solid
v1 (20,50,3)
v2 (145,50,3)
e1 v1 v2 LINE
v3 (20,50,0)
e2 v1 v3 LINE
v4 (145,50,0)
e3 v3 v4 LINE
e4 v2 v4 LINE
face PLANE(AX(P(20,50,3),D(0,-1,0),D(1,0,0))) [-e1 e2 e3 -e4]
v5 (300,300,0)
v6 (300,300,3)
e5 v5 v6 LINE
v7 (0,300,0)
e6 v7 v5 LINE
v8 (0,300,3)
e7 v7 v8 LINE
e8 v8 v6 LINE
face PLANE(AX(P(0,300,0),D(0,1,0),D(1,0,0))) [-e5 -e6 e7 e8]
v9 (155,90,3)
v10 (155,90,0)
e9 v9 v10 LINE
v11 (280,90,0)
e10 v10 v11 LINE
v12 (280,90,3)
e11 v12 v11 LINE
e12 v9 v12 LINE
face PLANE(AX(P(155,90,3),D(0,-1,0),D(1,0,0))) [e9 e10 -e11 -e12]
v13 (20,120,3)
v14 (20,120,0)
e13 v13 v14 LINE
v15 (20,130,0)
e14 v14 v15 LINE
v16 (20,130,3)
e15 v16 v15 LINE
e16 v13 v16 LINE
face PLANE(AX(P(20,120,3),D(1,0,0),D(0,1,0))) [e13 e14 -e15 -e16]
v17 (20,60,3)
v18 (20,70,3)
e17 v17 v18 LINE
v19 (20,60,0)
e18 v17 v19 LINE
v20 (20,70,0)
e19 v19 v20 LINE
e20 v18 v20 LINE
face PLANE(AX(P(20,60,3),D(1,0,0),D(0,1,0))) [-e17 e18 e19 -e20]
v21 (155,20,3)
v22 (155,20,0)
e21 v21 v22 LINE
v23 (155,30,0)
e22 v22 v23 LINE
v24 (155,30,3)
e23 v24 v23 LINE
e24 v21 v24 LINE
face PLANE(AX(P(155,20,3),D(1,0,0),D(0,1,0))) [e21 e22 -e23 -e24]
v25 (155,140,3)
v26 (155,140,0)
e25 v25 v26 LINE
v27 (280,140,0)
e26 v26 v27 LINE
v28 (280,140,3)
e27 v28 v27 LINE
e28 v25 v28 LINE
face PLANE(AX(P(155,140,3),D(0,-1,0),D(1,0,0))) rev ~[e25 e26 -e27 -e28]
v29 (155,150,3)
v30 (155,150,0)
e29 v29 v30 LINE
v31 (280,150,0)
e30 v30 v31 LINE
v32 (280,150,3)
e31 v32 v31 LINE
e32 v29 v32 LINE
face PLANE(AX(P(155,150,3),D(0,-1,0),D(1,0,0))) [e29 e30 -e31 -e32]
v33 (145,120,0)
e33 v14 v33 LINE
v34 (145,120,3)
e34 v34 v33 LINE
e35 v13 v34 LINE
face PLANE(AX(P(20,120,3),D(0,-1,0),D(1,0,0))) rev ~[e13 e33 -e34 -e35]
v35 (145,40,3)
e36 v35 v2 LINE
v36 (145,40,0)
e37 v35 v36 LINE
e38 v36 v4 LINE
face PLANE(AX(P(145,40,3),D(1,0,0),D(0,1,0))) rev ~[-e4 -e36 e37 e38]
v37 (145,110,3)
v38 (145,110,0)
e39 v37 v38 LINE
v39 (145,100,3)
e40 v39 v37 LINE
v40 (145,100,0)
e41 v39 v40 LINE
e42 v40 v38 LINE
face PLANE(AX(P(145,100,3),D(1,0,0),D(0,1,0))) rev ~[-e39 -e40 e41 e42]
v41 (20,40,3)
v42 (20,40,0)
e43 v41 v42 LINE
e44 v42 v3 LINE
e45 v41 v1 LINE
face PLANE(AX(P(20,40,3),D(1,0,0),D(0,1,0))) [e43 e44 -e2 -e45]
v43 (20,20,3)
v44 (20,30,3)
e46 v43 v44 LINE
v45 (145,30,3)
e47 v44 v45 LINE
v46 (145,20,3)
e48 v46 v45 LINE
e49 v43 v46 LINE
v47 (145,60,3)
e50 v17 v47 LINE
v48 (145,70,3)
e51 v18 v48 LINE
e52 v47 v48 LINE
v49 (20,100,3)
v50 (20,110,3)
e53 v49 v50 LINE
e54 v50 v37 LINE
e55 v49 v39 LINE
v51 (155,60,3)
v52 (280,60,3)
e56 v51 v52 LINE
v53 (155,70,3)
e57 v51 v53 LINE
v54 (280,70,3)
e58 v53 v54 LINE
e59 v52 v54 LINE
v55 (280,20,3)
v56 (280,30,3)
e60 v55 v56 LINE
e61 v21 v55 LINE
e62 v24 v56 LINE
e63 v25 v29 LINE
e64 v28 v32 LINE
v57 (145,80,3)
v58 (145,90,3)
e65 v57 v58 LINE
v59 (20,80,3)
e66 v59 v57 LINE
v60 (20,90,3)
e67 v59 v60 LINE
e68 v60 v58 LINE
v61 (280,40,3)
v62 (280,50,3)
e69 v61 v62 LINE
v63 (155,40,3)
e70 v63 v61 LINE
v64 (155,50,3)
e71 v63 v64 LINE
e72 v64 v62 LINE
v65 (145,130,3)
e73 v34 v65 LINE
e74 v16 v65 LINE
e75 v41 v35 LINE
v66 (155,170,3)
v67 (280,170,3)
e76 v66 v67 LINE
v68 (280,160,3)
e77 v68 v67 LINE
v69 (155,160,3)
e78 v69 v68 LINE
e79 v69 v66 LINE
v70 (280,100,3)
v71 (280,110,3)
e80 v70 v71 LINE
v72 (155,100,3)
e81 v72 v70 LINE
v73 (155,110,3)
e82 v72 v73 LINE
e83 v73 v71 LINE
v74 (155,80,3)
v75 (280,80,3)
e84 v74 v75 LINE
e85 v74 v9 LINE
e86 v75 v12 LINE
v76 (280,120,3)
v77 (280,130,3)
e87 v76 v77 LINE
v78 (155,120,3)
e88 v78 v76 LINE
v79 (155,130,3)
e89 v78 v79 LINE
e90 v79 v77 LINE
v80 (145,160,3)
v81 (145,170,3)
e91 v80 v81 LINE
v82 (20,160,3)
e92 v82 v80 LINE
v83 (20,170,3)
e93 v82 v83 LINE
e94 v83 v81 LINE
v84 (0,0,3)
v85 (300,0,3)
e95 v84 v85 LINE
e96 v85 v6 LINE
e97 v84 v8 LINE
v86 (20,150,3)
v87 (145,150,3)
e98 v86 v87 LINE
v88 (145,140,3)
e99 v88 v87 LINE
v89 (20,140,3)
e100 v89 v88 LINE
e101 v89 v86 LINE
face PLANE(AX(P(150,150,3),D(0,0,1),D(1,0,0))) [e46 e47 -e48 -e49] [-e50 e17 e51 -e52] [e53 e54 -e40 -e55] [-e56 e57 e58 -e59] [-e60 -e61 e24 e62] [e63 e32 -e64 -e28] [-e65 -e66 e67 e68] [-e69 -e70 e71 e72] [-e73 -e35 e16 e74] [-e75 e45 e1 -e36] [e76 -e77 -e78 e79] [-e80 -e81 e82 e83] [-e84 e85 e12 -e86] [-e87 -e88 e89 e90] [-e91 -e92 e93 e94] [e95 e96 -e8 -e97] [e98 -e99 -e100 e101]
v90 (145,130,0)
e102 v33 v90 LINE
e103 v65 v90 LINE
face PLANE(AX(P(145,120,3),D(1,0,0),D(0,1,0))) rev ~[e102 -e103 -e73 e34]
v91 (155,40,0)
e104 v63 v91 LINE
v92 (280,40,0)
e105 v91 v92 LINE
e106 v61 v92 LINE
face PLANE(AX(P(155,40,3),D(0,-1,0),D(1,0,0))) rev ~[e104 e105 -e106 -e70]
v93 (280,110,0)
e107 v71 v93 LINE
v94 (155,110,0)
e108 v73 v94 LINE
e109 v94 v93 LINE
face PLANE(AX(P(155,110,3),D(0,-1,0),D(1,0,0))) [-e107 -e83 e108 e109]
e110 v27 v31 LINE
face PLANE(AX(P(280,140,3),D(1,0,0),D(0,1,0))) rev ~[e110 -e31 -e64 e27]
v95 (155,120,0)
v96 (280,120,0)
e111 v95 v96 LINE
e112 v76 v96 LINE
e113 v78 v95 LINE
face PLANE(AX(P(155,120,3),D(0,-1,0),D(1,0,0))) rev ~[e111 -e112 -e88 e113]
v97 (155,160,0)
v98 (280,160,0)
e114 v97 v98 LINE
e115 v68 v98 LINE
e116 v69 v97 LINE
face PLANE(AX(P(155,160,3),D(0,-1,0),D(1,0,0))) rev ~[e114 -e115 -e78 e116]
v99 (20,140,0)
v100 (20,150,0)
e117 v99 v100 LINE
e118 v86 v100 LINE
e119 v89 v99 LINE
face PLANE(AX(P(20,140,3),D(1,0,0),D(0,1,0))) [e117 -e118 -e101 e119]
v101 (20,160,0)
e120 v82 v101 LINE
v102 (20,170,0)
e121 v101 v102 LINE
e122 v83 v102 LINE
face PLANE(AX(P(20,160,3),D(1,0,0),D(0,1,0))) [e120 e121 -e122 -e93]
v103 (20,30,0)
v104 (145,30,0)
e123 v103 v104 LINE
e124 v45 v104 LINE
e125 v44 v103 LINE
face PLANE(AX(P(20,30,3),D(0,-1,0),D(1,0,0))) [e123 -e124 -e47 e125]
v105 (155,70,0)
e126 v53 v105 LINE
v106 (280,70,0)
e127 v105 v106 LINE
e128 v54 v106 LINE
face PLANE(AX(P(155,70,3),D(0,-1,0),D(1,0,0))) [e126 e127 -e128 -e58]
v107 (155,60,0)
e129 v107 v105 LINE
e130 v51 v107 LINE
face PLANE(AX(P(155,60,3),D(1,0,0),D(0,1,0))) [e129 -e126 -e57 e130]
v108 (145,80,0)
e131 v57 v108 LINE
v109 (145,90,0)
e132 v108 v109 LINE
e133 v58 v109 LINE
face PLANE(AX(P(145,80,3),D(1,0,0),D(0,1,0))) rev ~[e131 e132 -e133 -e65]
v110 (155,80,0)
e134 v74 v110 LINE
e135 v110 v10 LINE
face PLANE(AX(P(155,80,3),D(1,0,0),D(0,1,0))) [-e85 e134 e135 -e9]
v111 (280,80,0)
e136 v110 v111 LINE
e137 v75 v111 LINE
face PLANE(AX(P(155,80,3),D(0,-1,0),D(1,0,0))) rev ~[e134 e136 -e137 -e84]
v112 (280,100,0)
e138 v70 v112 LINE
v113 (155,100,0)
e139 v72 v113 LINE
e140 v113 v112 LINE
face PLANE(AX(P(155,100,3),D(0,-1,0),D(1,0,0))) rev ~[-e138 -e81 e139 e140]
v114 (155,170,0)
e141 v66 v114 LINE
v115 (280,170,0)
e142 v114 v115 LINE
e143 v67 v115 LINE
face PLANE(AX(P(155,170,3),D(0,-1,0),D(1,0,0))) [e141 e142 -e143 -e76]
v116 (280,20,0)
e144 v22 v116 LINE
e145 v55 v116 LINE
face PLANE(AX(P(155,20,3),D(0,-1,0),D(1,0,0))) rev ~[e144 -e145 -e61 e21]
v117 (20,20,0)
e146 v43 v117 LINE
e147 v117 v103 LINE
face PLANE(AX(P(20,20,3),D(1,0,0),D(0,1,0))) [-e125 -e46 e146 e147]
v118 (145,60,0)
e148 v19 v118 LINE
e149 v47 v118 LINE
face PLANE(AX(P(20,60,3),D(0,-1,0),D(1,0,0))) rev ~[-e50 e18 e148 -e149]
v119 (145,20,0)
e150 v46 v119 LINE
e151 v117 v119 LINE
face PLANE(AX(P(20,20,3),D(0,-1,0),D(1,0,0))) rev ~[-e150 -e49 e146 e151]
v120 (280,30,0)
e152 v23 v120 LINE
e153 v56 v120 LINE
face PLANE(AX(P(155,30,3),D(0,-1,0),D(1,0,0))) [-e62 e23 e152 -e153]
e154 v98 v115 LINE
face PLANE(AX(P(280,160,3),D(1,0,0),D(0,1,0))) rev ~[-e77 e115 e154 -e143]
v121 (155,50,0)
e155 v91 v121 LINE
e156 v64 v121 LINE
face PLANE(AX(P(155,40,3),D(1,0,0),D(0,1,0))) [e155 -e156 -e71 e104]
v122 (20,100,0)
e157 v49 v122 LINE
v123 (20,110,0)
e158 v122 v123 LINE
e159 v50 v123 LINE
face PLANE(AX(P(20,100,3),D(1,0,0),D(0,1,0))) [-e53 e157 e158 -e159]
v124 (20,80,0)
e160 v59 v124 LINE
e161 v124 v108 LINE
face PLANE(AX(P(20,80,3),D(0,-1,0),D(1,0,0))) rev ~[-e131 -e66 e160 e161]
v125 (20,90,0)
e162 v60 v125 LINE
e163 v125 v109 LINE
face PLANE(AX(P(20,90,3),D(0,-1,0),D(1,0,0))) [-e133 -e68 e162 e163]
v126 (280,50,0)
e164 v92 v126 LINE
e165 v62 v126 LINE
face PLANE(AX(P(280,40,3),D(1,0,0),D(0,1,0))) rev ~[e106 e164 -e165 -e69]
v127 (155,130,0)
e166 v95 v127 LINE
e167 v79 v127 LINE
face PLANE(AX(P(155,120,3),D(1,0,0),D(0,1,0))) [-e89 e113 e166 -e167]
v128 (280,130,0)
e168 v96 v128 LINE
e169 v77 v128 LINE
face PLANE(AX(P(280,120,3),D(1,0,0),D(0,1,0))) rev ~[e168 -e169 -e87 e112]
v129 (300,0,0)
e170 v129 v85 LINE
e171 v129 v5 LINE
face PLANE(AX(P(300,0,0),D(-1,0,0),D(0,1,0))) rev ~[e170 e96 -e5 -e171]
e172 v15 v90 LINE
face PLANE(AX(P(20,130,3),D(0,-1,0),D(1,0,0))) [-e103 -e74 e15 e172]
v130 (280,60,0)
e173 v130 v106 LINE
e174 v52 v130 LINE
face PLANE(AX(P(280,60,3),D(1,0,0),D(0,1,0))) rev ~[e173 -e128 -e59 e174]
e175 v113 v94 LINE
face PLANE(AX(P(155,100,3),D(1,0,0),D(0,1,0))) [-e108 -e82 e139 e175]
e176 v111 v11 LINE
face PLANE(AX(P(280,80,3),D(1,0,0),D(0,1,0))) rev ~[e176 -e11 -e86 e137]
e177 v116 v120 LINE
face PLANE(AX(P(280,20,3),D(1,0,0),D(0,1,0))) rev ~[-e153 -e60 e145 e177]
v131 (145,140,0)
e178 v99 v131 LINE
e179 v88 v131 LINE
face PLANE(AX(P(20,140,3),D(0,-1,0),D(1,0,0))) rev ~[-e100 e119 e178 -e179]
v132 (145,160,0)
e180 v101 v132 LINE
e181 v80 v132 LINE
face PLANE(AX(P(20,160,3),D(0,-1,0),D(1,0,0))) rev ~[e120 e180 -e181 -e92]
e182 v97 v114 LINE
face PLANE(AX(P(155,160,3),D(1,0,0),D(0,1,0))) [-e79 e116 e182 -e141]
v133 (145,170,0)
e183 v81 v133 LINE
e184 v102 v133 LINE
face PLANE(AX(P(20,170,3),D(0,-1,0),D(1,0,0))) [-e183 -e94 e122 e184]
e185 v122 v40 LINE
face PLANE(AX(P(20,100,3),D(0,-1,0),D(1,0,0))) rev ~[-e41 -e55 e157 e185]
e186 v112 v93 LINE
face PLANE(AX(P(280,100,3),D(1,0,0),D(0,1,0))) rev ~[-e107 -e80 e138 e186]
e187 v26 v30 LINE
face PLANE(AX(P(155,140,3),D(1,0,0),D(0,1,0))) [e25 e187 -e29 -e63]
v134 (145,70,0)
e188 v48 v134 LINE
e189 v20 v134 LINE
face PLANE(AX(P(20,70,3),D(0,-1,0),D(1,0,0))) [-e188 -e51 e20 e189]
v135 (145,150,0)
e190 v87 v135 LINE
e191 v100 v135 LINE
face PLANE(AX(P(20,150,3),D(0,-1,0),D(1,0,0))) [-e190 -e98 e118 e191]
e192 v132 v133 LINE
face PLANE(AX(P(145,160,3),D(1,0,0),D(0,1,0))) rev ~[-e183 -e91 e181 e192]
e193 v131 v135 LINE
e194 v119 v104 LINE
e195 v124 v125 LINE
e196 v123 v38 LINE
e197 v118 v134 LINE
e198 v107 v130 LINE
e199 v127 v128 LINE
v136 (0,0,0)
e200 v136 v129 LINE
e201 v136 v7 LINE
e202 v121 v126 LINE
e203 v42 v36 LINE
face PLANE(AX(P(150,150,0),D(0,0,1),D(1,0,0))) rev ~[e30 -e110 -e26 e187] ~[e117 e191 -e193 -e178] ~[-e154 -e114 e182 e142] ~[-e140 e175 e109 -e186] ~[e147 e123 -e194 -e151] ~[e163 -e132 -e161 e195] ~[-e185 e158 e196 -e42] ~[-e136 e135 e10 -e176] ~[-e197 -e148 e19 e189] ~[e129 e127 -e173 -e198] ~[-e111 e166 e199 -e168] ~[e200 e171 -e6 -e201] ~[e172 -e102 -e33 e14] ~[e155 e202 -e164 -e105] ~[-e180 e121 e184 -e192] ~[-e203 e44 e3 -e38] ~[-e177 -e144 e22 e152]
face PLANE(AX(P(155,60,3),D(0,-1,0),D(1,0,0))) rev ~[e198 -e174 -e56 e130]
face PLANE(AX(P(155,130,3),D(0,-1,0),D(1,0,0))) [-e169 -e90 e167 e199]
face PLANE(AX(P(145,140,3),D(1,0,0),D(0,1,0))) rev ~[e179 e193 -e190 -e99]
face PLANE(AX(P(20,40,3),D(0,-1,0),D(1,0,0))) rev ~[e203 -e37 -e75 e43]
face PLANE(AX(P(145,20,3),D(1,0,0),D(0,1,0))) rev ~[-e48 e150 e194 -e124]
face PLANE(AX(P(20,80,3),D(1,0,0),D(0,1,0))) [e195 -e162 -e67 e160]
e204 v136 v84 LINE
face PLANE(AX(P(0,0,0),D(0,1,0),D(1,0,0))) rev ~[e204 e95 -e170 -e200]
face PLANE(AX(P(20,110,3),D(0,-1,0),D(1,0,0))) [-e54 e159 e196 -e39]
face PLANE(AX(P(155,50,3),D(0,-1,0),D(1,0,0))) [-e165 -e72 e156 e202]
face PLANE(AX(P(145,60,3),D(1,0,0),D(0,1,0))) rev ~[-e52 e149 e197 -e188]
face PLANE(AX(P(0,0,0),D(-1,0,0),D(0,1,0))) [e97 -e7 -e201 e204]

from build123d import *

# Parameters (mm, degrees)
CROQUIS1_W              = 300
CROQUIS1_H              = 300
SALIENTE_EXTRUIR1_DEPTH = 3
CROQUIS2_W              = 125
CROQUIS2_H              = 10
CORTAR_EXTRUIR1_DEPTH   = 10


with BuildPart() as part:
    # Croquis1 → Saliente-Extruir1 (new body)
    with BuildSketch(Plane.XY):
        with Locations((150, 150)):
            Rectangle(CROQUIS1_W, CROQUIS1_H)
    extrude(amount=SALIENTE_EXTRUIR1_DEPTH)

    # Croquis2 → Cortar-Extruir1 (cut)
    with BuildSketch(Plane.XY.offset(3)):
        with Locations((82.5, 25)):
            Rectangle(CROQUIS2_W, CROQUIS2_H)
        with Locations((82.5, 165)):
            Rectangle(CROQUIS2_W, CROQUIS2_H)
        with Locations((82.5, 145)):
            Rectangle(CROQUIS2_W, CROQUIS2_H)
        with Locations((82.5, 125)):
            Rectangle(CROQUIS2_W, CROQUIS2_H)
        with Locations((82.5, 105)):
            Rectangle(CROQUIS2_W, CROQUIS2_H)
        with Locations((82.5, 85)):
            Rectangle(CROQUIS2_W, CROQUIS2_H)
        with Locations((82.5, 65)):
            Rectangle(CROQUIS2_W, CROQUIS2_H)
        with Locations((82.5, 45)):
            Rectangle(CROQUIS2_W, CROQUIS2_H)
        with Locations((217.5, 25)):
            Rectangle(CROQUIS2_W, CROQUIS2_H)
        with Locations((217.5, 45)):
            Rectangle(CROQUIS2_W, CROQUIS2_H)
        with Locations((217.5, 65)):
            Rectangle(CROQUIS2_W, CROQUIS2_H)
        with Locations((217.5, 85)):
            Rectangle(CROQUIS2_W, CROQUIS2_H)
        with Locations((217.5, 105)):
            Rectangle(CROQUIS2_W, CROQUIS2_H)
        with Locations((217.5, 125)):
            Rectangle(CROQUIS2_W, CROQUIS2_H)
        with Locations((217.5, 145)):
            Rectangle(CROQUIS2_W, CROQUIS2_H)
        with Locations((217.5, 165)):
            Rectangle(CROQUIS2_W, CROQUIS2_H)
    extrude(amount=-CORTAR_EXTRUIR1_DEPTH, mode=Mode.SUBTRACT)


solid = part.part
